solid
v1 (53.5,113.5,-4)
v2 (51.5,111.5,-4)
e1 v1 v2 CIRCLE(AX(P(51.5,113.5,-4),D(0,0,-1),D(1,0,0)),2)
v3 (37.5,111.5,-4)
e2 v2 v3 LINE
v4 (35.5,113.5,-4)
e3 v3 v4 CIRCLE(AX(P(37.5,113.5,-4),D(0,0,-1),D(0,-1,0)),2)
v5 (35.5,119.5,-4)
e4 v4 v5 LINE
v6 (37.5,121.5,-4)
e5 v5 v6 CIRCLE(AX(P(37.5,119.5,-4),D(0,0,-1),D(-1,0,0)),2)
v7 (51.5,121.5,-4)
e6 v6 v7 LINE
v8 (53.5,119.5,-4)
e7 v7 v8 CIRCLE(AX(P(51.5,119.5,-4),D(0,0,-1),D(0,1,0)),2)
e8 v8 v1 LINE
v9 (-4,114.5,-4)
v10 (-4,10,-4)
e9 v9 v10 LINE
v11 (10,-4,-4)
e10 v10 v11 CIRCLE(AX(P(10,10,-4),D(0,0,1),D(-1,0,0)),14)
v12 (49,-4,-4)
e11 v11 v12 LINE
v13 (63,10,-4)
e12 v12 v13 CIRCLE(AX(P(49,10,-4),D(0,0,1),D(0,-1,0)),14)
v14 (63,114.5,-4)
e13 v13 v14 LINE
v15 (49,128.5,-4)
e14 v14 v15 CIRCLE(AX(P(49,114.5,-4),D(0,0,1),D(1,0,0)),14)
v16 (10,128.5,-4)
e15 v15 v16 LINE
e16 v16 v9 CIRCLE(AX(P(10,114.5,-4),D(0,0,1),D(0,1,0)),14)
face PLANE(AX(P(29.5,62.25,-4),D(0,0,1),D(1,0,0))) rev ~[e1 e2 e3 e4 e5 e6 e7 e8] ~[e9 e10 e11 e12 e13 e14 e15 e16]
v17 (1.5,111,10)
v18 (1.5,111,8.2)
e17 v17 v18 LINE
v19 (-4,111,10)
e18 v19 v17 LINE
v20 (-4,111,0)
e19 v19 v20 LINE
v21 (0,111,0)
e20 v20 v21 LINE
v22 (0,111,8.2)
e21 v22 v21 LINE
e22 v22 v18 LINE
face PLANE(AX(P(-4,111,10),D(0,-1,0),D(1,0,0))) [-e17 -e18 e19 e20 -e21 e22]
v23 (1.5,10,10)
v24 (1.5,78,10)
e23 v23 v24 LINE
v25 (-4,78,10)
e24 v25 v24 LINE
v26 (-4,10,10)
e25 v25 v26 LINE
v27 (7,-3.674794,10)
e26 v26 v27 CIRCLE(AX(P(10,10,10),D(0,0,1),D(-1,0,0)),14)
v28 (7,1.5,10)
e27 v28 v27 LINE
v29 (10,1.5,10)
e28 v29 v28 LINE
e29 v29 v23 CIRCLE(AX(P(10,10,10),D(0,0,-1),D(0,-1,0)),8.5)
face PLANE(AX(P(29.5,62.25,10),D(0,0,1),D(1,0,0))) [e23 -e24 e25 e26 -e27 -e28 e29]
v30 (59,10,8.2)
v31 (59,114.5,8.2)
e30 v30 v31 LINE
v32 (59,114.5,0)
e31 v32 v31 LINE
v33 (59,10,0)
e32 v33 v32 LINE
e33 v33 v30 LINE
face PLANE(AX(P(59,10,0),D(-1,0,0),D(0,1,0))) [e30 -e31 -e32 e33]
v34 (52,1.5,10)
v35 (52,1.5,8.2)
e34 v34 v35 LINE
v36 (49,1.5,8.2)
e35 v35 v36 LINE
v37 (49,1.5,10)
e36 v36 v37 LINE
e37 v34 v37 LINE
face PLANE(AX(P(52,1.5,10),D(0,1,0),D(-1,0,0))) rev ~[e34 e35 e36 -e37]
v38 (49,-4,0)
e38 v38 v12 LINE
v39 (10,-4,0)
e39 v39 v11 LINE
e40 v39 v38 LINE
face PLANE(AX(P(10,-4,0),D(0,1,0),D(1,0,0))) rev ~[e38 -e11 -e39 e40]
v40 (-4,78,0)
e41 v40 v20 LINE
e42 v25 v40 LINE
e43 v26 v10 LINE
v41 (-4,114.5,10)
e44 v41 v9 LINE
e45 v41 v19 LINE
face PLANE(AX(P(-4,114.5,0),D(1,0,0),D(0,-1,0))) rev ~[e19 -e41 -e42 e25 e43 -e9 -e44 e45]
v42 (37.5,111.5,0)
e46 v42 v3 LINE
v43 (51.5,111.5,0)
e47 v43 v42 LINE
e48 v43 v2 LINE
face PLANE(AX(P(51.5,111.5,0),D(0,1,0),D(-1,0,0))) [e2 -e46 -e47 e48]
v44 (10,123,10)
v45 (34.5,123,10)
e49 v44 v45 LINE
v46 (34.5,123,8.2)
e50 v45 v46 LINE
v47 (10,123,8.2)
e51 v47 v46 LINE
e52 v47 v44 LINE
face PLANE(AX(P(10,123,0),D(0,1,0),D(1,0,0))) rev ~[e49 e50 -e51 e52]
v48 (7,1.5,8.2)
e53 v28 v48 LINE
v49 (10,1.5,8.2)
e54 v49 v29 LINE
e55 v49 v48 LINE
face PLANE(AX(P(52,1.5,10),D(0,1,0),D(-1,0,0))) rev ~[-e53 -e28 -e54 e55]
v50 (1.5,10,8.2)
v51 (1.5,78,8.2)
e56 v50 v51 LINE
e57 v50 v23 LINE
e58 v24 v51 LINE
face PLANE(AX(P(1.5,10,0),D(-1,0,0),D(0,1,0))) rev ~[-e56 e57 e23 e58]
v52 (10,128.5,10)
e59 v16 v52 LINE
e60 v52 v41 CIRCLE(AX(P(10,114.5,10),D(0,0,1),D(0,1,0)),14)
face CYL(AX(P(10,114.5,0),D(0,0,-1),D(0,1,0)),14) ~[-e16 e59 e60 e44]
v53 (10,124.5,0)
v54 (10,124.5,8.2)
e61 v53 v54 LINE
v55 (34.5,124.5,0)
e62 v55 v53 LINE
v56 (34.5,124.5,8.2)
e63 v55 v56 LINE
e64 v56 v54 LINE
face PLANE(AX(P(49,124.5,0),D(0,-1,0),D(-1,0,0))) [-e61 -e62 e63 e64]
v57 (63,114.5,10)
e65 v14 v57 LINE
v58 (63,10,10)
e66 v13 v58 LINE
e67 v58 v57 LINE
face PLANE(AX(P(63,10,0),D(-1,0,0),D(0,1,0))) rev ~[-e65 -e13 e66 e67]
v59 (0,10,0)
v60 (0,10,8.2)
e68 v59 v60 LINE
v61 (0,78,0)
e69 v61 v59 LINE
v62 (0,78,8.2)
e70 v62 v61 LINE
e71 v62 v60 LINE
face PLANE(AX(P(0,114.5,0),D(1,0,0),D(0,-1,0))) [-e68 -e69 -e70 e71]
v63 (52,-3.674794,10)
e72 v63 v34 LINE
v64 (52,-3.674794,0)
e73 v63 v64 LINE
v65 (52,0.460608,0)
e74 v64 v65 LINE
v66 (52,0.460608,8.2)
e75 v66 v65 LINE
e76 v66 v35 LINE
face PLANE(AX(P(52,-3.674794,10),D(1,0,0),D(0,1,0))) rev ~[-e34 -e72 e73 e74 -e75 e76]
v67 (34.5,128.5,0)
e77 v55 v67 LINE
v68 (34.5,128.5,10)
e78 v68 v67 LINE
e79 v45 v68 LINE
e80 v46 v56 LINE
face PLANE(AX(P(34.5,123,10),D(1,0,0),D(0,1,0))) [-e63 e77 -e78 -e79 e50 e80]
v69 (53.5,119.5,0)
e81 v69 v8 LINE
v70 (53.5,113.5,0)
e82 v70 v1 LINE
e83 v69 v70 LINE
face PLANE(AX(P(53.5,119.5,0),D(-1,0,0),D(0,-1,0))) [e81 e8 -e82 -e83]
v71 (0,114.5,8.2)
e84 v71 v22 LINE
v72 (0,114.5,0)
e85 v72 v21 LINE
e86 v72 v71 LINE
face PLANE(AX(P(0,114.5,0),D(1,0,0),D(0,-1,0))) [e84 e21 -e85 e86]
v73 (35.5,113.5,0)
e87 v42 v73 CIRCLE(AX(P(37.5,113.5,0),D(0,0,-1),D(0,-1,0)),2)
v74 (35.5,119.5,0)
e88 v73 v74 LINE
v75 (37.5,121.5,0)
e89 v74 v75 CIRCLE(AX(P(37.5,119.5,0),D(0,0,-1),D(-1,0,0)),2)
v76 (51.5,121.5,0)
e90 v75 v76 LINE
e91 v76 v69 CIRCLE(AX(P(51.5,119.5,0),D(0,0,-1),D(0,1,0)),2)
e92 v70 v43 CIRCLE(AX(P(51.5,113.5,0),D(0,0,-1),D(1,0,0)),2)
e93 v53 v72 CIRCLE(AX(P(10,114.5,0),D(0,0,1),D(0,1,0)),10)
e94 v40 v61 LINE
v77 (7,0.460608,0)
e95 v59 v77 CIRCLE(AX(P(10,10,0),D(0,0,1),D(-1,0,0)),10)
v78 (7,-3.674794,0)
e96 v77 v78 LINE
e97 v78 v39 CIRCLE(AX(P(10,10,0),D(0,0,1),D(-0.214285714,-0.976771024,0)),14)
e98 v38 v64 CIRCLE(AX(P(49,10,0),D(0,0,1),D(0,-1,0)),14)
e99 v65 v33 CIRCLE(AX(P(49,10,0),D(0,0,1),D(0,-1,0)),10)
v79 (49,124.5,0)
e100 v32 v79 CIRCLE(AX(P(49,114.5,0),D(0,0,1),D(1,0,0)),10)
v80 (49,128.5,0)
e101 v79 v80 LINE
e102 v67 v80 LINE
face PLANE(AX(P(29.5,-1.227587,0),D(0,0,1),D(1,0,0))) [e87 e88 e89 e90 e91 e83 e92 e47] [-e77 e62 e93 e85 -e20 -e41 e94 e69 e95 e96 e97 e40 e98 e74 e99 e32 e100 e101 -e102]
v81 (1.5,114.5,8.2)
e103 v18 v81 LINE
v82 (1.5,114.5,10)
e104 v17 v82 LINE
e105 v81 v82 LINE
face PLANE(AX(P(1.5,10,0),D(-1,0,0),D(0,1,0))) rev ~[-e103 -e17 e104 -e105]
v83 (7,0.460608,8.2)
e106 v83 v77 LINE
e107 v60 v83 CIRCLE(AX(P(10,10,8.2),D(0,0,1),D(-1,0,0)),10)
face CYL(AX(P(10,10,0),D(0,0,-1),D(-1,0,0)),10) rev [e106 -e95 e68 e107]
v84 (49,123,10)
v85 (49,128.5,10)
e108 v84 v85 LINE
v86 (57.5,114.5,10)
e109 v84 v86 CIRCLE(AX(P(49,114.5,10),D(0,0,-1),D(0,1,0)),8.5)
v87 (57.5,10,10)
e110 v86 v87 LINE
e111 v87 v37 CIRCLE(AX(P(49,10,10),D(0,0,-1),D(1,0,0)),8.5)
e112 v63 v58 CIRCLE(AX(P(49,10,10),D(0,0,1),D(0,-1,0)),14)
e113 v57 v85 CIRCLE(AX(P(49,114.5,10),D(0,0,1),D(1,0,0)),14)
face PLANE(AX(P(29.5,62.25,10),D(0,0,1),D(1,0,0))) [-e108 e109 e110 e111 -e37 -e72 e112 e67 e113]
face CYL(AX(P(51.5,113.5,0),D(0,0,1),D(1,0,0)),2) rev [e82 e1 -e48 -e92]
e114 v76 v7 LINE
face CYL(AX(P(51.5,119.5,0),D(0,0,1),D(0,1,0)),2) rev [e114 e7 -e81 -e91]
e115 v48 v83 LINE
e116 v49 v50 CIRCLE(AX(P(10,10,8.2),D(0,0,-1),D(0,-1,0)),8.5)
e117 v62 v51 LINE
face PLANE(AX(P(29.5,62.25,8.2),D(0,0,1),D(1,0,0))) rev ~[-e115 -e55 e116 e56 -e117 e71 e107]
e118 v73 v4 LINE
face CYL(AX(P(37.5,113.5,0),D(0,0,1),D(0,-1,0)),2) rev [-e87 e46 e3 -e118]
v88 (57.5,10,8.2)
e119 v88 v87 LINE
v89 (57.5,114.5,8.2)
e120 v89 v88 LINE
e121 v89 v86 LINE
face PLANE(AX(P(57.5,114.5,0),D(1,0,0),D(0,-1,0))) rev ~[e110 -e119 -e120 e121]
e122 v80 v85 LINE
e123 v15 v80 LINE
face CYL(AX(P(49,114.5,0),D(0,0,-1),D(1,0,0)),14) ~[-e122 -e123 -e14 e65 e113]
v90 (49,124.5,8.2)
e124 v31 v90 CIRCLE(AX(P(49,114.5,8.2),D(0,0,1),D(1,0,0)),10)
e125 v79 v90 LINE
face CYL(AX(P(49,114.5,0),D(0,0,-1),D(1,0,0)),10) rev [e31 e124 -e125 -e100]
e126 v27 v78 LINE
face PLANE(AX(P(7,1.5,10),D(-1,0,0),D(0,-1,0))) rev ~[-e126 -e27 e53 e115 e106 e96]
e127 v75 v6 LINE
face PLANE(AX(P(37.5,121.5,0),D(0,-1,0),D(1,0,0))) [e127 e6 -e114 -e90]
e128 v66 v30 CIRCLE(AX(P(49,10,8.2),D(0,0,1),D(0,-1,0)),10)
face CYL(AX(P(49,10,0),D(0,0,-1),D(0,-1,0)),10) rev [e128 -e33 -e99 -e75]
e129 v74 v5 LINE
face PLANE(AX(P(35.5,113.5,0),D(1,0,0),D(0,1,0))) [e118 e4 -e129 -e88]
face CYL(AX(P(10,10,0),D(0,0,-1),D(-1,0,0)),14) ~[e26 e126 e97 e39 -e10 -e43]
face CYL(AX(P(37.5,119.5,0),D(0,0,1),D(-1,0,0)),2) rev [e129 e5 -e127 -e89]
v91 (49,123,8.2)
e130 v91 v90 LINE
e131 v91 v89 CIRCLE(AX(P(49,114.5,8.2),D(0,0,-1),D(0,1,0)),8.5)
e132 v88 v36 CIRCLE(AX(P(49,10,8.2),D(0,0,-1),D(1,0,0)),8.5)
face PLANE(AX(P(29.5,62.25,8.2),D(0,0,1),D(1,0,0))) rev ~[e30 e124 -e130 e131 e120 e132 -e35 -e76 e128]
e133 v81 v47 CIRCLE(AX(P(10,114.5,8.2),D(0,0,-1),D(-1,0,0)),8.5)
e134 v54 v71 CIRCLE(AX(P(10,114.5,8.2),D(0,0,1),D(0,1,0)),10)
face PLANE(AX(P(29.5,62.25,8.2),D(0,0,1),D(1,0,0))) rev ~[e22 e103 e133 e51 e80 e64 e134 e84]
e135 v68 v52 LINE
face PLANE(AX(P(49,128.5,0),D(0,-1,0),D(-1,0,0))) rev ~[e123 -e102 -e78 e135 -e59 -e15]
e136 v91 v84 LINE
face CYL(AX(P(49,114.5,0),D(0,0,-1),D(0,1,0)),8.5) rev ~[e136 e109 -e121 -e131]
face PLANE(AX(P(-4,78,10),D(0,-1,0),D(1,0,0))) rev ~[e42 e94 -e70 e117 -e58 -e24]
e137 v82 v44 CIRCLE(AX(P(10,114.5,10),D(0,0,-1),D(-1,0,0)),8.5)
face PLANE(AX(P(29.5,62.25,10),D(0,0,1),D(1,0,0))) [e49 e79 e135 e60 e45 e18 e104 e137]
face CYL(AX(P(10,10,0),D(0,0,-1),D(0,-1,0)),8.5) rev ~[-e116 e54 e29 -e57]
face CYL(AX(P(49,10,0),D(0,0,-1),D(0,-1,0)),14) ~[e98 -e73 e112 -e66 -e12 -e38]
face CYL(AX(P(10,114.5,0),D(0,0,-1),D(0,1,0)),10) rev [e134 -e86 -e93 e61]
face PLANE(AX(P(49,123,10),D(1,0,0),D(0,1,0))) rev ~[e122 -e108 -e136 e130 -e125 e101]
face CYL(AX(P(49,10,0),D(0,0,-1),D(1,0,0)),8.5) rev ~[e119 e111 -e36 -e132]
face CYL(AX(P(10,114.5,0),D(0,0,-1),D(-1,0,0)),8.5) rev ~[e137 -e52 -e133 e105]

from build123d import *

# Parameters (mm, degrees)
F1_DEPTH = 4
F2_DEPTH = 10
F3_DEPTH = 8.2
F4_W     = 5.5
F4_H     = 33
F4_W_2   = 14.5
F4_H_2   = 5.5
F5_DEPTH = 10


with BuildPart() as f1:
    # F0 (on Top) → F1 (new body)
    with BuildSketch(Plane.XY):
        with BuildLine():
            ThreePointArc((49, -4), (58.8994949366, 0.1005050634), (63, 10))
            Line((63, 10), (63, 114.5))
            ThreePointArc((63, 114.5), (58.8994949366, 124.3994949366), (49, 128.5))
            Line((49, 128.5), (10, 128.5))
            ThreePointArc((10, 128.5), (0.1005050634, 124.3994949366), (-4, 114.5))
            Line((-4, 114.5), (-4, 10))
            ThreePointArc((-4, 10), (0.1005050634, 0.1005050634), (10, -4))
            Line((10, -4), (49, -4))
        make_face()
        with BuildLine():
            Line((49, 0), (10, 0))
            ThreePointArc((10, 0), (2.9289321881, 2.9289321881), (0, 10))
            Line((0, 10), (0, 114.5))
            ThreePointArc((0, 114.5), (2.9289321881, 121.5710678119), (10, 124.5))
            Line((10, 124.5), (49, 124.5))
            ThreePointArc((49, 124.5), (56.0710678119, 121.5710678119), (59, 114.5))
            Line((59, 114.5), (59, 10))
            ThreePointArc((59, 10), (56.0710678119, 2.9289321881), (49, 0))
        make_face(mode=Mode.SUBTRACT)
        with BuildLine():
            ThreePointArc((0, 10), (2.9289321881, 2.9289321881), (10, 0))
            Line((10, 0), (49, 0))
            ThreePointArc((49, 0), (56.0710678119, 2.9289321881), (59, 10))
            Line((59, 10), (59, 114.5))
            ThreePointArc((59, 114.5), (56.0710678119, 121.5710678119), (49, 124.5))
            Line((49, 124.5), (10, 124.5))
            ThreePointArc((10, 124.5), (2.9289321881, 121.5710678119), (0, 114.5))
            Line((0, 114.5), (0, 10))
        make_face()
        with BuildLine():
            ThreePointArc((57.5, 10), (55.0104076401, 3.9895923599), (49, 1.5))
            Line((49, 1.5), (10, 1.5))
            ThreePointArc((10, 1.5), (3.9895923599, 3.9895923599), (1.5, 10))
            Line((1.5, 10), (1.5, 114.5))
            ThreePointArc((1.5, 114.5), (3.9895923599, 120.5104076401), (10, 123))
            Line((10, 123), (49, 123))
            ThreePointArc((49, 123), (55.0104076401, 120.5104076401), (57.5, 114.5))
            Line((57.5, 114.5), (57.5, 10))
        make_face(mode=Mode.SUBTRACT)
        with BuildLine():
            Line((10, 1.5), (49, 1.5))
            ThreePointArc((49, 1.5), (55.0104076401, 3.9895923599), (57.5, 10))
            Line((57.5, 10), (57.5, 114.5))
            ThreePointArc((57.5, 114.5), (55.0104076401, 120.5104076401), (49, 123))
            Line((49, 123), (10, 123))
            ThreePointArc((10, 123), (3.9895923599, 120.5104076401), (1.5, 114.5))
            Line((1.5, 114.5), (1.5, 10))
            ThreePointArc((1.5, 10), (3.9895923599, 3.9895923599), (10, 1.5))
        make_face()
        with BuildLine():
            Line((37.5, 121.5), (51.5, 121.5))
            ThreePointArc((51.5, 121.5), (52.9142135624, 120.9142135624), (53.5, 119.5))
            Line((53.5, 119.5), (53.5, 113.5))
            ThreePointArc((53.5, 113.5), (52.9142135624, 112.0857864376), (51.5, 111.5))
            Line((51.5, 111.5), (37.5, 111.5))
            ThreePointArc((37.5, 111.5), (36.0857864376, 112.0857864376), (35.5, 113.5))
            Line((35.5, 113.5), (35.5, 119.5))
            ThreePointArc((35.5, 119.5), (36.0857864376, 120.9142135624), (37.5, 121.5))
        make_face(mode=Mode.SUBTRACT)
    extrude(amount=-F1_DEPTH)

    # F0 (on Top) → F2 (join)
    with BuildSketch(Plane.XY):
        with BuildLine():
            ThreePointArc((49, -4), (58.8994949366, 0.1005050634), (63, 10))
            Line((63, 10), (63, 114.5))
            ThreePointArc((63, 114.5), (58.8994949366, 124.3994949366), (49, 128.5))
            Line((49, 128.5), (10, 128.5))
            ThreePointArc((10, 128.5), (0.1005050634, 124.3994949366), (-4, 114.5))
            Line((-4, 114.5), (-4, 10))
            ThreePointArc((-4, 10), (0.1005050634, 0.1005050634), (10, -4))
            Line((10, -4), (49, -4))
        make_face()
        with BuildLine():
            Line((49, 0), (10, 0))
            ThreePointArc((10, 0), (2.9289321881, 2.9289321881), (0, 10))
            Line((0, 10), (0, 114.5))
            ThreePointArc((0, 114.5), (2.9289321881, 121.5710678119), (10, 124.5))
            Line((10, 124.5), (49, 124.5))
            ThreePointArc((49, 124.5), (56.0710678119, 121.5710678119), (59, 114.5))
            Line((59, 114.5), (59, 10))
            ThreePointArc((59, 10), (56.0710678119, 2.9289321881), (49, 0))
        make_face(mode=Mode.SUBTRACT)
        with BuildLine():
            ThreePointArc((0, 10), (2.9289321881, 2.9289321881), (10, 0))
            Line((10, 0), (49, 0))
            ThreePointArc((49, 0), (56.0710678119, 2.9289321881), (59, 10))
            Line((59, 10), (59, 114.5))
            ThreePointArc((59, 114.5), (56.0710678119, 121.5710678119), (49, 124.5))
            Line((49, 124.5), (10, 124.5))
            ThreePointArc((10, 124.5), (2.9289321881, 121.5710678119), (0, 114.5))
            Line((0, 114.5), (0, 10))
        make_face()
        with BuildLine():
            ThreePointArc((57.5, 10), (55.0104076401, 3.9895923599), (49, 1.5))
            Line((49, 1.5), (10, 1.5))
            ThreePointArc((10, 1.5), (3.9895923599, 3.9895923599), (1.5, 10))
            Line((1.5, 10), (1.5, 114.5))
            ThreePointArc((1.5, 114.5), (3.9895923599, 120.5104076401), (10, 123))
            Line((10, 123), (49, 123))
            ThreePointArc((49, 123), (55.0104076401, 120.5104076401), (57.5, 114.5))
            Line((57.5, 114.5), (57.5, 10))
        make_face(mode=Mode.SUBTRACT)
    extrude(amount=F2_DEPTH)

    # F0 (on Top) → F3 (cut)
    with BuildSketch(Plane.XY):
        with BuildLine():
            ThreePointArc((0, 10), (2.9289321881, 2.9289321881), (10, 0))
            Line((10, 0), (49, 0))
            ThreePointArc((49, 0), (56.0710678119, 2.9289321881), (59, 10))
            Line((59, 10), (59, 114.5))
            ThreePointArc((59, 114.5), (56.0710678119, 121.5710678119), (49, 124.5))
            Line((49, 124.5), (10, 124.5))
            ThreePointArc((10, 124.5), (2.9289321881, 121.5710678119), (0, 114.5))
            Line((0, 114.5), (0, 10))
        make_face()
        with BuildLine():
            ThreePointArc((57.5, 10), (55.0104076401, 3.9895923599), (49, 1.5))
            Line((49, 1.5), (10, 1.5))
            ThreePointArc((10, 1.5), (3.9895923599, 3.9895923599), (1.5, 10))
            Line((1.5, 10), (1.5, 114.5))
            ThreePointArc((1.5, 114.5), (3.9895923599, 120.5104076401), (10, 123))
            Line((10, 123), (49, 123))
            ThreePointArc((49, 123), (55.0104076401, 120.5104076401), (57.5, 114.5))
            Line((57.5, 114.5), (57.5, 10))
        make_face(mode=Mode.SUBTRACT)
    extrude(amount=F3_DEPTH, mode=Mode.SUBTRACT)

    # F4 (on face) → F5 (cut)
    with BuildSketch(Plane.XY.offset(10)):
        with Locations((-1.25, 94.5)):
            Rectangle(F4_W, F4_H)
        with Locations((41.75, 125.75)):
            Rectangle(F4_W_2, F4_H_2)
        with BuildLine():
            Line((7, 1.5), (7, -3.6747943312))
            ThreePointArc((7, -3.6747943312), (8.4912125127, -3.9184611333), (10, -4))
            Line((10, -4), (49, -4))
            ThreePointArc((49, -4), (50.5087874873, -3.9184611333), (52, -3.6747943312))
            Line((52, -3.6747943312), (52, 1.5))
            Line((52, 1.5), (49, 1.5))
            Line((49, 1.5), (10, 1.5))
            Line((10, 1.5), (7, 1.5))
        make_face()
    extrude(amount=-F5_DEPTH, mode=Mode.SUBTRACT)


solid = f1.part
